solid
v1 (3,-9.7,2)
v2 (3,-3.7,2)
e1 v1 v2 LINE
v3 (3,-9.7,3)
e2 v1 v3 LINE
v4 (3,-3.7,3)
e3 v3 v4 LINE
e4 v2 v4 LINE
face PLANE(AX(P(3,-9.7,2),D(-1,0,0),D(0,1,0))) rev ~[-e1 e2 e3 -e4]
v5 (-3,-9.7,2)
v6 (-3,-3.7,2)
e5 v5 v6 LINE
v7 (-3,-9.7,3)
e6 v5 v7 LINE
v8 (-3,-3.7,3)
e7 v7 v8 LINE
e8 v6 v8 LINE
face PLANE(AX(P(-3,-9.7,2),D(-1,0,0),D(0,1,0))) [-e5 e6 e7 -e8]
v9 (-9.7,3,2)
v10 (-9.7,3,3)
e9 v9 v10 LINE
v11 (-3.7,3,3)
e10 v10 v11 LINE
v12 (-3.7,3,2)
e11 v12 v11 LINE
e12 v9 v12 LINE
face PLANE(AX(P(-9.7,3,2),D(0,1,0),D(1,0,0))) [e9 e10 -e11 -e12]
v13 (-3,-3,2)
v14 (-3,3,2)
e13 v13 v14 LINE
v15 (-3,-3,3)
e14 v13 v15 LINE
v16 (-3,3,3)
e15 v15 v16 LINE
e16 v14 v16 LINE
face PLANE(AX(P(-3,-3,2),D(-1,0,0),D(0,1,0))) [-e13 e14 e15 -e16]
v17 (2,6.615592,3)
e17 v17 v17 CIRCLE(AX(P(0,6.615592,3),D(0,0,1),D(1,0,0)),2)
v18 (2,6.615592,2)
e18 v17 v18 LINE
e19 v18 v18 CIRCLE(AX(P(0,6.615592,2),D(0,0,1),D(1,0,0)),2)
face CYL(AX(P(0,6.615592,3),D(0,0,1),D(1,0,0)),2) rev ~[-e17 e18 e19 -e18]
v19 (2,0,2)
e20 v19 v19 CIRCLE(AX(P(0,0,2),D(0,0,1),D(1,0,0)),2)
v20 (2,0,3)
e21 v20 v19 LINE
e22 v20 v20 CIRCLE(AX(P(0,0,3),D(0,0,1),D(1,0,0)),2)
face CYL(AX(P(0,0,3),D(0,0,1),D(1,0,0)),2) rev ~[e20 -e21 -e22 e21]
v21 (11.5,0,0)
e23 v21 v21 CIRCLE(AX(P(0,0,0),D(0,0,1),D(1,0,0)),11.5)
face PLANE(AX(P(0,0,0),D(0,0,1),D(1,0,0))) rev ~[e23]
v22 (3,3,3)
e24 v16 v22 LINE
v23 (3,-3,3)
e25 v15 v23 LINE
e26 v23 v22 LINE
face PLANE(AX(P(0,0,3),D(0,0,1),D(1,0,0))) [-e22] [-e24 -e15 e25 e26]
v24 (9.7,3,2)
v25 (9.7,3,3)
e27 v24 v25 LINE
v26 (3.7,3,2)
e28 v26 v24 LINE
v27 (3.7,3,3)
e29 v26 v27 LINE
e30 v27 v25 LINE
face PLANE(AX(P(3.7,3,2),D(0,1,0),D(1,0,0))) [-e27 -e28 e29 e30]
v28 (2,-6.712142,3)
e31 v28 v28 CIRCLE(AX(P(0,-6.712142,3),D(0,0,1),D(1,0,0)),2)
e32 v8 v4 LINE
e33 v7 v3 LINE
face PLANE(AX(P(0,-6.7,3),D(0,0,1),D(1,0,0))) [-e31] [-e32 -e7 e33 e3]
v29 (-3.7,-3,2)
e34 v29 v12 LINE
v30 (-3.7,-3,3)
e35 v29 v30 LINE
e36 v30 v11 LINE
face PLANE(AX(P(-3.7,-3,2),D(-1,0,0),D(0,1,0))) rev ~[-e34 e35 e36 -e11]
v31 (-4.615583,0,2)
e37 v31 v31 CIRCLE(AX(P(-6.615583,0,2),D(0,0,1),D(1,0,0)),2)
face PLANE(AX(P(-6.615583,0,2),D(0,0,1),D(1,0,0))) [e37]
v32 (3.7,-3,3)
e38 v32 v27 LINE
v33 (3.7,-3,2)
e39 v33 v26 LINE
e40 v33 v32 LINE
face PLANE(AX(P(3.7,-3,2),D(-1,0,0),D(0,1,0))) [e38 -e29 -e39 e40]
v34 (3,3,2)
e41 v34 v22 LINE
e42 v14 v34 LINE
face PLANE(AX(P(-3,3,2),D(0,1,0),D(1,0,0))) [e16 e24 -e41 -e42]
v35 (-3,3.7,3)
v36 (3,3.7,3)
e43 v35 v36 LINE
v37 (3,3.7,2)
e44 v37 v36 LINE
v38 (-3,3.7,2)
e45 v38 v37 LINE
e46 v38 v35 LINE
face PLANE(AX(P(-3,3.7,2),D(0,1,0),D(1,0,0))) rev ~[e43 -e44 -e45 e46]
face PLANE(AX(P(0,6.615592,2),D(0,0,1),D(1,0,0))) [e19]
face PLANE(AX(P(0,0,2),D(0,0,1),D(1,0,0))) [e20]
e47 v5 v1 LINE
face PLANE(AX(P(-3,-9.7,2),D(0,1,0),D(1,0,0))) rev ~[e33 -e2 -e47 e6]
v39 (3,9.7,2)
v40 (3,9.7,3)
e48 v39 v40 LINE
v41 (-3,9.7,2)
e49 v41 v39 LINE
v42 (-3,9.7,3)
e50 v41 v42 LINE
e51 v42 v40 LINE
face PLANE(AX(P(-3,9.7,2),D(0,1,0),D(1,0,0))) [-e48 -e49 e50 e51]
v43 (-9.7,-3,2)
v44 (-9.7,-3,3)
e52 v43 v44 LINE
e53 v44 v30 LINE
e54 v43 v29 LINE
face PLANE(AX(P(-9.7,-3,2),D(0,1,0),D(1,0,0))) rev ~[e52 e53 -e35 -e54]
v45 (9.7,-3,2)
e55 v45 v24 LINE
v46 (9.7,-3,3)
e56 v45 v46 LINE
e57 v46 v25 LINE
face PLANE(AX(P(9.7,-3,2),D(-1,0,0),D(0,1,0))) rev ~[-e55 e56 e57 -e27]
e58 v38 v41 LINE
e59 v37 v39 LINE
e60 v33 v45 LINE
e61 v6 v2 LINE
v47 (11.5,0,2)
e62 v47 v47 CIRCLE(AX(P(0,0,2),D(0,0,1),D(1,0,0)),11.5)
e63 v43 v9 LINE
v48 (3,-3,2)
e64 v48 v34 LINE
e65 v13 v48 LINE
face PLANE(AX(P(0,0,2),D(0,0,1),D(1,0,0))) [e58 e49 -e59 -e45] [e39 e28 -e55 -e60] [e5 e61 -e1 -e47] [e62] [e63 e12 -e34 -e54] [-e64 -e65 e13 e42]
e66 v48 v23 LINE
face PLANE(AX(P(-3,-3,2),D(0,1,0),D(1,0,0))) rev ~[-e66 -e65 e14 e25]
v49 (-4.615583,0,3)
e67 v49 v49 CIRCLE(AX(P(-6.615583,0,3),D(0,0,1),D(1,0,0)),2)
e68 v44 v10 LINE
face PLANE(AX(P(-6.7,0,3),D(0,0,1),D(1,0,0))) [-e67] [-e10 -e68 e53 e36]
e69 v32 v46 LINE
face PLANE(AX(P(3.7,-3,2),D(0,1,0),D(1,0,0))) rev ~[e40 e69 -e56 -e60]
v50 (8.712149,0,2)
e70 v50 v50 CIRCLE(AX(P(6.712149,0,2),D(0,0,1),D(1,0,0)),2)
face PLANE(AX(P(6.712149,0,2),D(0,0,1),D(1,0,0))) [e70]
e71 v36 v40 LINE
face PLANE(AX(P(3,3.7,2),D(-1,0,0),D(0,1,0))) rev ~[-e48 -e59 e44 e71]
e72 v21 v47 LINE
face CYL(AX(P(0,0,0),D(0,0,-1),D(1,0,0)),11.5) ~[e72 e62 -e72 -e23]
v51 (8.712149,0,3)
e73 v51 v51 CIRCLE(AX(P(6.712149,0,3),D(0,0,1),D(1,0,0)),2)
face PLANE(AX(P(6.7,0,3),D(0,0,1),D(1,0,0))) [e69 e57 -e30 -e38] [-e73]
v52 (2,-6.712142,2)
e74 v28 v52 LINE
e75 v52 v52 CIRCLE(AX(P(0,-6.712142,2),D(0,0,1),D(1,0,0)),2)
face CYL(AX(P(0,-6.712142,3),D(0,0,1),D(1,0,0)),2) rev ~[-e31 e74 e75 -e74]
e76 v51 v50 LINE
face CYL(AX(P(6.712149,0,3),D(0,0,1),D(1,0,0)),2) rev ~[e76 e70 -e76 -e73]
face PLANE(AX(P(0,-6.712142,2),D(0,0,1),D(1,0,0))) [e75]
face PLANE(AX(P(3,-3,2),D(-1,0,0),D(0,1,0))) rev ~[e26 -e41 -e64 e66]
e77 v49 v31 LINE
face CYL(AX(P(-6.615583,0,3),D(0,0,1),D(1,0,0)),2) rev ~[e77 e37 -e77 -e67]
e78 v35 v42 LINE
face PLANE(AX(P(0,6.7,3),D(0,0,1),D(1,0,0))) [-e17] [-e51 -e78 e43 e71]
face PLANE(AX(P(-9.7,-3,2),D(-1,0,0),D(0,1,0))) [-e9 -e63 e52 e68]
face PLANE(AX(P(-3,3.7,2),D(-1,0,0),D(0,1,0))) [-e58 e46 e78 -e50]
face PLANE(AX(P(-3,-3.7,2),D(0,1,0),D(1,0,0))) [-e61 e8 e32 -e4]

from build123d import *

# Parameters (mm, degrees)
CYLINDER_R      = 11.5
CYLINDER_DEPTH  = 2
SKETCH002_W     = 6
SKETCH002_H     = 6
PAD001_DEPTH    = 1
SKETCH003_R     = 2
POCKET001_DEPTH = 1
SKETCH004_W     = 6
SKETCH004_H     = 6
PAD002_DEPTH    = 1
SKETCH005_R     = 2
POCKET002_DEPTH = 1


with BuildPart() as part:
    # Cylinder → Cylinder (new body)
    with BuildSketch(Plane.XY):
        Circle(CYLINDER_R)
    extrude(amount=CYLINDER_DEPTH)

    # Sketch002 → Pad001 (new body)
    with BuildSketch(Plane.XY.offset(2)):
        Rectangle(SKETCH002_W, SKETCH002_H)
    extrude(amount=PAD001_DEPTH)

    # Sketch003 → Pocket001 (cut)
    with BuildSketch(Plane.XY.offset(3)):
        Circle(SKETCH003_R)
    extrude(amount=-POCKET001_DEPTH, mode=Mode.SUBTRACT)

    # Sketch004 → Pad002 (new body)
    with BuildSketch(Plane.XY.offset(2)):
        with Locations((0, 6.7)):
            Rectangle(SKETCH004_W, SKETCH004_H)
        with Locations((-6.7, 0)):
            Rectangle(SKETCH004_W, SKETCH004_H)
        with Locations((0, -6.7)):
            Rectangle(SKETCH004_W, SKETCH004_H)
        with Locations((6.7, 0)):
            Rectangle(SKETCH004_W, SKETCH004_H)
    extrude(amount=PAD002_DEPTH)

    # Sketch005 → Pocket002 (cut)
    with BuildSketch(Plane.XY.offset(3)):
        with Locations((0, 6.615592)):
            Circle(SKETCH005_R)
        with Locations((-6.615583, 0)):
            Circle(SKETCH005_R)
        with Locations((6.712149, 0)):
            Circle(SKETCH005_R)
        with Locations((0, -6.712142)):
            Circle(SKETCH005_R)
    extrude(amount=-POCKET002_DEPTH, mode=Mode.SUBTRACT)


solid = part.part
